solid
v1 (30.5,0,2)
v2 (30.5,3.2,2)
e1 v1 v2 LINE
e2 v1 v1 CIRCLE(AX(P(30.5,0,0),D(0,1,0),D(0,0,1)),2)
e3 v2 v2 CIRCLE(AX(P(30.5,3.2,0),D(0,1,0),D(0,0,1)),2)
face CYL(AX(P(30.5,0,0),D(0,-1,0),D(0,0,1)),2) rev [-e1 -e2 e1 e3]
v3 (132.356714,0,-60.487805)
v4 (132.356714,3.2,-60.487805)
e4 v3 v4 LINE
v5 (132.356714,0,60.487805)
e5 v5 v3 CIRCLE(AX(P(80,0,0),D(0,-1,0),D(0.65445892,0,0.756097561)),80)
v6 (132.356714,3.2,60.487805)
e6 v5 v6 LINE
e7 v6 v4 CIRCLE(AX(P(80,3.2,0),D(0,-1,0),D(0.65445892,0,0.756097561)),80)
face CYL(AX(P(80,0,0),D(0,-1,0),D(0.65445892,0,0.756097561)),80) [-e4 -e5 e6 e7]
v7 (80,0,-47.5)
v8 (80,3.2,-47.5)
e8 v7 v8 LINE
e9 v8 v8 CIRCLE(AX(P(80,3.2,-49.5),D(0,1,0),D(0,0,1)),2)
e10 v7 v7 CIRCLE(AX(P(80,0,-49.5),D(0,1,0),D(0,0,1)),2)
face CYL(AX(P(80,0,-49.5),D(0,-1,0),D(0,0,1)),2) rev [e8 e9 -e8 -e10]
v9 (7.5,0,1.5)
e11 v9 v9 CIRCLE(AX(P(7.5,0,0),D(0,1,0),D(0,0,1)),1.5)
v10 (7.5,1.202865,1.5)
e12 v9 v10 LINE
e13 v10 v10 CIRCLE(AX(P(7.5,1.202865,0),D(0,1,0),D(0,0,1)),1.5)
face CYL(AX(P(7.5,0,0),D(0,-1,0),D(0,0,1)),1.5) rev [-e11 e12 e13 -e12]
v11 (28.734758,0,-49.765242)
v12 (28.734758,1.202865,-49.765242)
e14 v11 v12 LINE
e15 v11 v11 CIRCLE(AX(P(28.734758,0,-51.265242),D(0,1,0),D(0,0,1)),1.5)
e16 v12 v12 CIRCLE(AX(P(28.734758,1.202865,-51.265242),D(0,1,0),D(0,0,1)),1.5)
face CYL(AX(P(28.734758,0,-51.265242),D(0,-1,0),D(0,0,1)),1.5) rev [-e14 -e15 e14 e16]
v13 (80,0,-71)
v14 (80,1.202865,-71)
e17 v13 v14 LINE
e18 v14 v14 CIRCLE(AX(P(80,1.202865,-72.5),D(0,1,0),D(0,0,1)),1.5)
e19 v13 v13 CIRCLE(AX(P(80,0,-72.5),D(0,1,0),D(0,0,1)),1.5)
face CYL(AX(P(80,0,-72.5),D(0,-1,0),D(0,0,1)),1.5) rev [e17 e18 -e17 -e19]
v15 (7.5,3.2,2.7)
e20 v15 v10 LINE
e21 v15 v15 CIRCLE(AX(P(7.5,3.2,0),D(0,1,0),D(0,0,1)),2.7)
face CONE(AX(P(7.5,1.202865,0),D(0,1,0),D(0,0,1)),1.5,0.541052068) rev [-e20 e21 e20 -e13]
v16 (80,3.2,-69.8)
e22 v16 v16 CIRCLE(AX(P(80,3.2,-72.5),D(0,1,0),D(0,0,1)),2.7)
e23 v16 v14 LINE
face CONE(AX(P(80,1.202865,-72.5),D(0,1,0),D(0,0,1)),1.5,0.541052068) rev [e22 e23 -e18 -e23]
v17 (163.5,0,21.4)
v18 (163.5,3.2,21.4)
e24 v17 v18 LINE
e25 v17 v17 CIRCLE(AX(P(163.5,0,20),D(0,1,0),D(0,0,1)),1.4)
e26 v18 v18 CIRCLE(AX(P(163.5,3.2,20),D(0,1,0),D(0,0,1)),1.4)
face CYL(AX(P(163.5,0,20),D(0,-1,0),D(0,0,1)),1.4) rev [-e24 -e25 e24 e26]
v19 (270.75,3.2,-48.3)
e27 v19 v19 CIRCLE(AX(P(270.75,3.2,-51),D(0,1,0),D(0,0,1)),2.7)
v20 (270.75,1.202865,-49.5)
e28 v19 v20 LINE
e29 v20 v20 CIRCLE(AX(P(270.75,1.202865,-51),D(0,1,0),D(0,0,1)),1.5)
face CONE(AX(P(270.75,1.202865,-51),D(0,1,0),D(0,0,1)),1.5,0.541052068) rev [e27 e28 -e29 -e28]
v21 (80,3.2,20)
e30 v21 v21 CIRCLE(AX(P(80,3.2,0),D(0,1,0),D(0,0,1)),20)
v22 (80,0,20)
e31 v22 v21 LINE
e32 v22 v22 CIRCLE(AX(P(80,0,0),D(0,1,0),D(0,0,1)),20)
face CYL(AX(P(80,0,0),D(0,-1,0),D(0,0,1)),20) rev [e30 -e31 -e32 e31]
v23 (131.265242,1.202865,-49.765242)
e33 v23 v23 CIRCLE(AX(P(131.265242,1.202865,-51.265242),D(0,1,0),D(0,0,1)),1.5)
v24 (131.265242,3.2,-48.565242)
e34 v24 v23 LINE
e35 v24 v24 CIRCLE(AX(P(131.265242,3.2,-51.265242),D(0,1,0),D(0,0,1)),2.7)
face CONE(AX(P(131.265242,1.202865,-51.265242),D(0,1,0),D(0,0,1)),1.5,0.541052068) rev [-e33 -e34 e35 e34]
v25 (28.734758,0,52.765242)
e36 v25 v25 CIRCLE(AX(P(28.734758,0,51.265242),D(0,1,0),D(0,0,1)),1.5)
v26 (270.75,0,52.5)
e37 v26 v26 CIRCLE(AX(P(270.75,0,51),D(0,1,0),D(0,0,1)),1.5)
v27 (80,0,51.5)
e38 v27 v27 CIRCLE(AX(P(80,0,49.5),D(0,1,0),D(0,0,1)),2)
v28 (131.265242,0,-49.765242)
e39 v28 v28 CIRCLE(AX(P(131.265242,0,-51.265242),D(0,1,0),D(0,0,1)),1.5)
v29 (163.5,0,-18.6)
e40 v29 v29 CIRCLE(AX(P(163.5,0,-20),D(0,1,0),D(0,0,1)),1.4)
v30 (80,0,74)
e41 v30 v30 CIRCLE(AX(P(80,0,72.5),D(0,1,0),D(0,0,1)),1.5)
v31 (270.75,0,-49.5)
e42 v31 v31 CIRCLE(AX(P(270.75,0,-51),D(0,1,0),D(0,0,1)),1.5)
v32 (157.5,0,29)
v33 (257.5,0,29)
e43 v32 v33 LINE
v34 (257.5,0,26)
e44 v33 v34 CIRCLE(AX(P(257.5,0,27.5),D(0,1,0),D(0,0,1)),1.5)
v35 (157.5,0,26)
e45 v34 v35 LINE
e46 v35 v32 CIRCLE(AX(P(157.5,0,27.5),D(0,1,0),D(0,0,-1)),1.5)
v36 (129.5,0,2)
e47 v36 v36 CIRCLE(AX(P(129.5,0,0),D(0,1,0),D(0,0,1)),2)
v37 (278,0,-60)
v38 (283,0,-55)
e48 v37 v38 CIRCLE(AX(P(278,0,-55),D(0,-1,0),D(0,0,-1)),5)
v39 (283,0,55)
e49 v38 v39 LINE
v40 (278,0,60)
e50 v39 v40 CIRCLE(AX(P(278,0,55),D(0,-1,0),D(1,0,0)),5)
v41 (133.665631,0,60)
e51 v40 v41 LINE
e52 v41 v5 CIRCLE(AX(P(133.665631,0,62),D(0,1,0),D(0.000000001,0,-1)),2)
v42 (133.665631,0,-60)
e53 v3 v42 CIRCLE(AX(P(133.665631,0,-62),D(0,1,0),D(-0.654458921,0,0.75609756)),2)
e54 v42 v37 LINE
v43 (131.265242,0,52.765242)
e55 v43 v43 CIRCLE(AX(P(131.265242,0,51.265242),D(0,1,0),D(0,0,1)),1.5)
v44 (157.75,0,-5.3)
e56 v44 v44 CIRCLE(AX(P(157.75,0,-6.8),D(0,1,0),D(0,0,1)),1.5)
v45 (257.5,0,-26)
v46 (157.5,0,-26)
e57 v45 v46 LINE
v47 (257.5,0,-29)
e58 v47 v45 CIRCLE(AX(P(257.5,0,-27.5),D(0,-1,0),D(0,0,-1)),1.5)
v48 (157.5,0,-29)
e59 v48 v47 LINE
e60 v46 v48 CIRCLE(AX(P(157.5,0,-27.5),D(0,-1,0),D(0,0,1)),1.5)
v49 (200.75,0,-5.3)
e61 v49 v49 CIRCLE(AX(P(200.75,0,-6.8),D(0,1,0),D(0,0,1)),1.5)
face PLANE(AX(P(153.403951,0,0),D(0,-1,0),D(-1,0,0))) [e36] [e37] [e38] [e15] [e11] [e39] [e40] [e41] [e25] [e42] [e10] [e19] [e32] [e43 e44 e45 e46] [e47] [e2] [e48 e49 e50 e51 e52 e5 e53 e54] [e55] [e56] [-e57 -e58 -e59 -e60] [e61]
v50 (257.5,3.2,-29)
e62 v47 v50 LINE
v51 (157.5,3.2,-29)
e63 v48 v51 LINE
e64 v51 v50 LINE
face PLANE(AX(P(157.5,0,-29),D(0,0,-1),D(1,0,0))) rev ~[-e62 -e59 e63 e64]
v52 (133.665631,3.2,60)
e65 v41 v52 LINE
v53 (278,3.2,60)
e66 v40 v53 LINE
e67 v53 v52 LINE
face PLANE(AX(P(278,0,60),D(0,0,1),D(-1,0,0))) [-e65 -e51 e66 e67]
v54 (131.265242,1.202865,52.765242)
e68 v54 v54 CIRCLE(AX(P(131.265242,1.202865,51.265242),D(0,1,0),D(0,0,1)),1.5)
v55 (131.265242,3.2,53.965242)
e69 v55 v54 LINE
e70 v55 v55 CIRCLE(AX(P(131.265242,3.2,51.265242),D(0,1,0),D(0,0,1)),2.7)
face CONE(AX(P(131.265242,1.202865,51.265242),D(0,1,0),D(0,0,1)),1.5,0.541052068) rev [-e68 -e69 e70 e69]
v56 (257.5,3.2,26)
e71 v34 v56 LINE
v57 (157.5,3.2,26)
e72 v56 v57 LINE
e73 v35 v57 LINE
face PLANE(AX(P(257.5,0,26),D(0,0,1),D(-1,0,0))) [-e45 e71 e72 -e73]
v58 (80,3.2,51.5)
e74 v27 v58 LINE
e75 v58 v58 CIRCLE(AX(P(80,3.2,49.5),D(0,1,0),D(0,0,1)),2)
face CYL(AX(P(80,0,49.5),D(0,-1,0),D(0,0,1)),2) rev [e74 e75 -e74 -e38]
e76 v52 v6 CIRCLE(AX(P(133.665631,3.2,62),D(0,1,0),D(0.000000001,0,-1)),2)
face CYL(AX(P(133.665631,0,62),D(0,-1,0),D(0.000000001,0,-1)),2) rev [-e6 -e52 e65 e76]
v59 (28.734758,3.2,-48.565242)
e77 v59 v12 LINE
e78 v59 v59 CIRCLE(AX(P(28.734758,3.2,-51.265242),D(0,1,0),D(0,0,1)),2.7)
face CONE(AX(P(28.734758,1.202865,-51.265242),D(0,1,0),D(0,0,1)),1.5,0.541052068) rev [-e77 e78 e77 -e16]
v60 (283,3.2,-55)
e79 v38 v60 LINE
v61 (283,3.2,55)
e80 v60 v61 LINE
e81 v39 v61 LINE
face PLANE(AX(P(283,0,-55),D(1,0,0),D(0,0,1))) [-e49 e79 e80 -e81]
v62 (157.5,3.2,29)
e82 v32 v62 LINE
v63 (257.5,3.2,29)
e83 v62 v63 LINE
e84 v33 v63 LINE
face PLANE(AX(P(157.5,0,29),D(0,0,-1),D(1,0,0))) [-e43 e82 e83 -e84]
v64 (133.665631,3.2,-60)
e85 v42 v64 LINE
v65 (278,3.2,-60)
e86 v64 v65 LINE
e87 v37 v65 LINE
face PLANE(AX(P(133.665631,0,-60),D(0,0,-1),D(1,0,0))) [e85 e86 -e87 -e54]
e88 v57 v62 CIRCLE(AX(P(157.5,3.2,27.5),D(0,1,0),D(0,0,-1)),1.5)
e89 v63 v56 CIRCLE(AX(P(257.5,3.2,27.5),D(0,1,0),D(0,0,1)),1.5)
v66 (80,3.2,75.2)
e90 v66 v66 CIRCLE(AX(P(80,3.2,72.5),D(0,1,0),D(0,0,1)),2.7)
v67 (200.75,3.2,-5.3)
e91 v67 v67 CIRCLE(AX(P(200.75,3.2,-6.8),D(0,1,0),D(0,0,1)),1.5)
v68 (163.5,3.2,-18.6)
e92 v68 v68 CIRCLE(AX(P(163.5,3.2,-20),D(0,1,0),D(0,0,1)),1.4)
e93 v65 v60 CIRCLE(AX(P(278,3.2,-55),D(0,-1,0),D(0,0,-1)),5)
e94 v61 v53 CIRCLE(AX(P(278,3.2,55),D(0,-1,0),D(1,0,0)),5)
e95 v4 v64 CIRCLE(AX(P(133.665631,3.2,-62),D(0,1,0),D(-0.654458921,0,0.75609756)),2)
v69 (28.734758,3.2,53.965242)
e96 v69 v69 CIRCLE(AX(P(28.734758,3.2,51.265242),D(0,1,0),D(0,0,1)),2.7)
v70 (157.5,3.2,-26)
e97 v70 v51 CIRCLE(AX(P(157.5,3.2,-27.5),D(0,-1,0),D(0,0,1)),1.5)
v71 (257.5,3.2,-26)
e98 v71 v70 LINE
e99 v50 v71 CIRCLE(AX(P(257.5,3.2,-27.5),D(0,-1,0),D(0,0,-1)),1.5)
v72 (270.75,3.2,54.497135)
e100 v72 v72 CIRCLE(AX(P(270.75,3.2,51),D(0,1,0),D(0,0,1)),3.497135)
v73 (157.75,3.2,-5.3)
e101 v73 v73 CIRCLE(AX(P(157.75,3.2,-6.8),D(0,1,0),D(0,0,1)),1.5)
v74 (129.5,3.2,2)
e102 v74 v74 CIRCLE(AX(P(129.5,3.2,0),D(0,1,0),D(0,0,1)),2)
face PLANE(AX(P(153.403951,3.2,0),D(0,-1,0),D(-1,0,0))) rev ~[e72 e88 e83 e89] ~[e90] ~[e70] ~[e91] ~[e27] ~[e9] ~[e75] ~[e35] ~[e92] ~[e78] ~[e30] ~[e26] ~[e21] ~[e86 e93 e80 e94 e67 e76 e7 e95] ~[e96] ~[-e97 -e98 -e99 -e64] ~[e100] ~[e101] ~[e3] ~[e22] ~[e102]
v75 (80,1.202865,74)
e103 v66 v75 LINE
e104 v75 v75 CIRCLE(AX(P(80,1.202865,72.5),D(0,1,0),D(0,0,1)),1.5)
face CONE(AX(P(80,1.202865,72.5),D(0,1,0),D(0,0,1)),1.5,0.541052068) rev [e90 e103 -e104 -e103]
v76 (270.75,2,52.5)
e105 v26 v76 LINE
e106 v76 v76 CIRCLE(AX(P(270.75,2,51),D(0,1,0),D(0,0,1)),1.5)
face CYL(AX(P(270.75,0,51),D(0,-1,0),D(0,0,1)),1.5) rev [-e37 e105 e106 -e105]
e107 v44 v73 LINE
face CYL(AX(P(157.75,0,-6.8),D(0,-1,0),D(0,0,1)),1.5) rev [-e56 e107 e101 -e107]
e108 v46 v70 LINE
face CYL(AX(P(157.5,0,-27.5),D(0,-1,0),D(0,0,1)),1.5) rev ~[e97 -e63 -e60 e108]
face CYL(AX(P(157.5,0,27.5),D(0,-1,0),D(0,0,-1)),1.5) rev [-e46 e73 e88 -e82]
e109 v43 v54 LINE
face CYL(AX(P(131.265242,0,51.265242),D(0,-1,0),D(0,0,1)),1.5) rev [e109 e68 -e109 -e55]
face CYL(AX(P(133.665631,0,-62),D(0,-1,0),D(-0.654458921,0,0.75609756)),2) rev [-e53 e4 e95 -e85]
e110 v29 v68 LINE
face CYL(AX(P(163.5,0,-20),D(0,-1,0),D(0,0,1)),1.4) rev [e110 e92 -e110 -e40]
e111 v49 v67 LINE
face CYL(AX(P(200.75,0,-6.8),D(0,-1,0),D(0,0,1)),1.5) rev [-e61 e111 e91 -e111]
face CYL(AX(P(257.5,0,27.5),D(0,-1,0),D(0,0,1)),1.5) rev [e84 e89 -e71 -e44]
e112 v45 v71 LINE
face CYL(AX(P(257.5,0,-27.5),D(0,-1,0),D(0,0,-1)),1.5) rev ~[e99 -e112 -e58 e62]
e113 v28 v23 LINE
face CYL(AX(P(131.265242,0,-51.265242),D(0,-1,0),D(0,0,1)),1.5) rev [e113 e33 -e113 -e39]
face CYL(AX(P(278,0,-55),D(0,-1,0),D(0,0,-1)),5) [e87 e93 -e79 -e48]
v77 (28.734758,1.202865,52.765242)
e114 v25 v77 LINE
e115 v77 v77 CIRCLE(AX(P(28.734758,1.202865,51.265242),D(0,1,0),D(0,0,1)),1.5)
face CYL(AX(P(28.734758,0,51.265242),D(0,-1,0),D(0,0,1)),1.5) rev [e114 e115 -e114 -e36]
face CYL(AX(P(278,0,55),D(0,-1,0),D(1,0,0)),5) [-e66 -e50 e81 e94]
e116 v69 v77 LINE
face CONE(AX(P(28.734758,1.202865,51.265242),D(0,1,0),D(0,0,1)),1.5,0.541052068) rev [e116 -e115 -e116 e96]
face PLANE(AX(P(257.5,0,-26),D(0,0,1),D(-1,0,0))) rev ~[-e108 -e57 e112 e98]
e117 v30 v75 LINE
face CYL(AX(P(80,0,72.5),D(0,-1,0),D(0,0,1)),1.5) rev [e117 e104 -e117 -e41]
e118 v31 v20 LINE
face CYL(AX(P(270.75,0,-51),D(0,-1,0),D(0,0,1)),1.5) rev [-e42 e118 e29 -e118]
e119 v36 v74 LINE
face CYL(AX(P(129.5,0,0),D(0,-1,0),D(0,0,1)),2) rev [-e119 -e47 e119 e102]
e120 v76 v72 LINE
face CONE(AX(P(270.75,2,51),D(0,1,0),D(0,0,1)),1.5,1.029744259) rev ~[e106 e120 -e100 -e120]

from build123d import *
from OCP.BRepFilletAPI import BRepFilletAPI_MakeChamfer

# Parameters (mm, degrees)
SKETCH1_R           = 20
SKETCH1_R_2         = 1.5
SKETCH1_R_3         = 2
SKETCH1_R_4         = 1.4
BOSS_EXTRUDE1_DEPTH = 3.2
CHAMFER1_SIZE       = 1.2
CHAMFER1_SIZE2      = 1.997135379


with BuildPart() as part:
    # Sketch1 → Boss-Extrude1 (new body)
    with BuildSketch(Plane(origin=(0, 0, 0), x_dir=(1, 0, 0), z_dir=(0, 1, 0))):
        with BuildLine():
            Line((283, 55), (283, -55))
            ThreePointArc((283, -55), (281.535533906, -58.535533906), (278, -60))
            Line((278, -60), (133.66563146, -60))
            ThreePointArc((133.66563146, -60), (132.967201164, -60.125914857), (132.35671362, -60.487804878))
            ThreePointArc((132.35671362, -60.487804878), (0, 0), (132.35671362, 60.487804878))
            ThreePointArc((132.35671362, 60.487804878), (132.967201164, 60.125914857), (133.66563146, 60))
            Line((133.66563146, 60), (278, 60))
            ThreePointArc((278, 60), (281.535533906, 58.535533906), (283, 55))
        make_face()
        with Locations(Location((80, 0, 0), (0, 0, 270))):
            Circle(SKETCH1_R, mode=Mode.SUBTRACT)
        with Locations(Location((7.5, 0, 0), (0, 0, 270))):
            Circle(SKETCH1_R_2, mode=Mode.SUBTRACT)
        with Locations(Location((28.734758364, 51.265241636, 0), (0, 0, 270))):
            Circle(SKETCH1_R_2, mode=Mode.SUBTRACT)
        with Locations(Location((80, 72.5, 0), (0, 0, 270))):
            Circle(SKETCH1_R_2, mode=Mode.SUBTRACT)
        with Locations(Location((131.265241636, 51.265241636, 0), (0, 0, 270))):
            Circle(SKETCH1_R_2, mode=Mode.SUBTRACT)
        with Locations(Location((131.265241636, -51.265241636, 0), (0, 0, 270))):
            Circle(SKETCH1_R_2, mode=Mode.SUBTRACT)
        with Locations(Location((80, -72.5, 0), (0, 0, 270))):
            Circle(SKETCH1_R_2, mode=Mode.SUBTRACT)
        with Locations(Location((28.734758364, -51.265241636, 0), (0, 0, 270))):
            Circle(SKETCH1_R_2, mode=Mode.SUBTRACT)
        with Locations(Location((30.5, 0, 0), (0, 0, 270))):
            Circle(SKETCH1_R_3, mode=Mode.SUBTRACT)
        with Locations(Location((270.75, 51, 0), (0, 0, 270))):
            Circle(SKETCH1_R_2, mode=Mode.SUBTRACT)
        with Locations(Location((270.75, -51, 0), (0, 0, 270))):
            Circle(SKETCH1_R_2, mode=Mode.SUBTRACT)
        with Locations(Location((163.5, 20, 0), (0, 0, 270))):
            Circle(SKETCH1_R_4, mode=Mode.SUBTRACT)
        with Locations(Location((163.5, -20, 0), (0, 0, 270))):
            Circle(SKETCH1_R_4, mode=Mode.SUBTRACT)
        with Locations(Location((157.75, 6.8, 0), (0, 0, 270))):
            Circle(SKETCH1_R_2, mode=Mode.SUBTRACT)
        with Locations(Location((200.75, 6.8, 0), (0, 0, 270))):
            Circle(SKETCH1_R_2, mode=Mode.SUBTRACT)
        with Locations(Location((80, 49.5, 0), (0, 0, 270))):
            Circle(SKETCH1_R_3, mode=Mode.SUBTRACT)
        with Locations(Location((129.5, 0, 0), (0, 0, 270))):
            Circle(SKETCH1_R_3, mode=Mode.SUBTRACT)
        with Locations(Location((80, -49.5, 0), (0, 0, 270))):
            Circle(SKETCH1_R_3, mode=Mode.SUBTRACT)
        with BuildLine():
            Line((157.5, -29), (257.5, -29))
            ThreePointArc((257.5, -29), (259, -27.5), (257.5, -26))
            Line((257.5, -26), (157.5, -26))
            ThreePointArc((157.5, -26), (156, -27.5), (157.5, -29))
        make_face(mode=Mode.SUBTRACT)
        with BuildLine():
            Line((257.5, 26), (157.5, 26))
            ThreePointArc((157.5, 26), (156, 27.5), (157.5, 29))
            Line((157.5, 29), (257.5, 29))
            ThreePointArc((257.5, 29), (259, 27.5), (257.5, 26))
        make_face(mode=Mode.SUBTRACT)
    extrude(amount=BOSS_EXTRUDE1_DEPTH)

    # Chamfer1: one chamfer whose edges measure the first distance from different faces: ONE call of the kernel's chamfer builder (chamfer() names one face for all edges)
    chamfer1_edges_1 = [part.edges().sort_by_distance(p)[0] for p in [
        (28.734758364, 3.2, -52.765241636),
        (80, 3.2, -74),
        (131.265241636, 3.2, -52.765241636),
        (131.265241636, 3.2, 49.765241636),
        (80, 3.2, 71),
        (28.734758364, 3.2, 49.765241636),
        (270.75, 3.2, -52.5),
        (7.5, 3.2, -1.5),
    ]]
    chamfer1_side_1 = [part.faces().sort_by_distance(p)[0] for p in [
        (141.32803895, 3.2, 0.002840635),
    ]]
    chamfer1_edges_2 = [part.edges().sort_by_distance(p)[0] for p in [
        (270.75, 3.2, 49.5),
    ]]
    chamfer1_side_2 = [part.faces().sort_by_distance(p)[0] for p in [
        (270.75, 1.6, 49.5),
    ]]
    chamfer1 = BRepFilletAPI_MakeChamfer(part.part.solid().wrapped)
    for e in chamfer1_edges_1:
        chamfer1.Add(CHAMFER1_SIZE, CHAMFER1_SIZE2, e.wrapped, chamfer1_side_1[0].wrapped)  # the first distance lies on this face
    for e in chamfer1_edges_2:
        chamfer1.Add(CHAMFER1_SIZE, CHAMFER1_SIZE2, e.wrapped, chamfer1_side_2[0].wrapped)  # the first distance lies on this face
    add(Compound.cast(chamfer1.Shape()), mode=Mode.REPLACE)


solid = part.part
